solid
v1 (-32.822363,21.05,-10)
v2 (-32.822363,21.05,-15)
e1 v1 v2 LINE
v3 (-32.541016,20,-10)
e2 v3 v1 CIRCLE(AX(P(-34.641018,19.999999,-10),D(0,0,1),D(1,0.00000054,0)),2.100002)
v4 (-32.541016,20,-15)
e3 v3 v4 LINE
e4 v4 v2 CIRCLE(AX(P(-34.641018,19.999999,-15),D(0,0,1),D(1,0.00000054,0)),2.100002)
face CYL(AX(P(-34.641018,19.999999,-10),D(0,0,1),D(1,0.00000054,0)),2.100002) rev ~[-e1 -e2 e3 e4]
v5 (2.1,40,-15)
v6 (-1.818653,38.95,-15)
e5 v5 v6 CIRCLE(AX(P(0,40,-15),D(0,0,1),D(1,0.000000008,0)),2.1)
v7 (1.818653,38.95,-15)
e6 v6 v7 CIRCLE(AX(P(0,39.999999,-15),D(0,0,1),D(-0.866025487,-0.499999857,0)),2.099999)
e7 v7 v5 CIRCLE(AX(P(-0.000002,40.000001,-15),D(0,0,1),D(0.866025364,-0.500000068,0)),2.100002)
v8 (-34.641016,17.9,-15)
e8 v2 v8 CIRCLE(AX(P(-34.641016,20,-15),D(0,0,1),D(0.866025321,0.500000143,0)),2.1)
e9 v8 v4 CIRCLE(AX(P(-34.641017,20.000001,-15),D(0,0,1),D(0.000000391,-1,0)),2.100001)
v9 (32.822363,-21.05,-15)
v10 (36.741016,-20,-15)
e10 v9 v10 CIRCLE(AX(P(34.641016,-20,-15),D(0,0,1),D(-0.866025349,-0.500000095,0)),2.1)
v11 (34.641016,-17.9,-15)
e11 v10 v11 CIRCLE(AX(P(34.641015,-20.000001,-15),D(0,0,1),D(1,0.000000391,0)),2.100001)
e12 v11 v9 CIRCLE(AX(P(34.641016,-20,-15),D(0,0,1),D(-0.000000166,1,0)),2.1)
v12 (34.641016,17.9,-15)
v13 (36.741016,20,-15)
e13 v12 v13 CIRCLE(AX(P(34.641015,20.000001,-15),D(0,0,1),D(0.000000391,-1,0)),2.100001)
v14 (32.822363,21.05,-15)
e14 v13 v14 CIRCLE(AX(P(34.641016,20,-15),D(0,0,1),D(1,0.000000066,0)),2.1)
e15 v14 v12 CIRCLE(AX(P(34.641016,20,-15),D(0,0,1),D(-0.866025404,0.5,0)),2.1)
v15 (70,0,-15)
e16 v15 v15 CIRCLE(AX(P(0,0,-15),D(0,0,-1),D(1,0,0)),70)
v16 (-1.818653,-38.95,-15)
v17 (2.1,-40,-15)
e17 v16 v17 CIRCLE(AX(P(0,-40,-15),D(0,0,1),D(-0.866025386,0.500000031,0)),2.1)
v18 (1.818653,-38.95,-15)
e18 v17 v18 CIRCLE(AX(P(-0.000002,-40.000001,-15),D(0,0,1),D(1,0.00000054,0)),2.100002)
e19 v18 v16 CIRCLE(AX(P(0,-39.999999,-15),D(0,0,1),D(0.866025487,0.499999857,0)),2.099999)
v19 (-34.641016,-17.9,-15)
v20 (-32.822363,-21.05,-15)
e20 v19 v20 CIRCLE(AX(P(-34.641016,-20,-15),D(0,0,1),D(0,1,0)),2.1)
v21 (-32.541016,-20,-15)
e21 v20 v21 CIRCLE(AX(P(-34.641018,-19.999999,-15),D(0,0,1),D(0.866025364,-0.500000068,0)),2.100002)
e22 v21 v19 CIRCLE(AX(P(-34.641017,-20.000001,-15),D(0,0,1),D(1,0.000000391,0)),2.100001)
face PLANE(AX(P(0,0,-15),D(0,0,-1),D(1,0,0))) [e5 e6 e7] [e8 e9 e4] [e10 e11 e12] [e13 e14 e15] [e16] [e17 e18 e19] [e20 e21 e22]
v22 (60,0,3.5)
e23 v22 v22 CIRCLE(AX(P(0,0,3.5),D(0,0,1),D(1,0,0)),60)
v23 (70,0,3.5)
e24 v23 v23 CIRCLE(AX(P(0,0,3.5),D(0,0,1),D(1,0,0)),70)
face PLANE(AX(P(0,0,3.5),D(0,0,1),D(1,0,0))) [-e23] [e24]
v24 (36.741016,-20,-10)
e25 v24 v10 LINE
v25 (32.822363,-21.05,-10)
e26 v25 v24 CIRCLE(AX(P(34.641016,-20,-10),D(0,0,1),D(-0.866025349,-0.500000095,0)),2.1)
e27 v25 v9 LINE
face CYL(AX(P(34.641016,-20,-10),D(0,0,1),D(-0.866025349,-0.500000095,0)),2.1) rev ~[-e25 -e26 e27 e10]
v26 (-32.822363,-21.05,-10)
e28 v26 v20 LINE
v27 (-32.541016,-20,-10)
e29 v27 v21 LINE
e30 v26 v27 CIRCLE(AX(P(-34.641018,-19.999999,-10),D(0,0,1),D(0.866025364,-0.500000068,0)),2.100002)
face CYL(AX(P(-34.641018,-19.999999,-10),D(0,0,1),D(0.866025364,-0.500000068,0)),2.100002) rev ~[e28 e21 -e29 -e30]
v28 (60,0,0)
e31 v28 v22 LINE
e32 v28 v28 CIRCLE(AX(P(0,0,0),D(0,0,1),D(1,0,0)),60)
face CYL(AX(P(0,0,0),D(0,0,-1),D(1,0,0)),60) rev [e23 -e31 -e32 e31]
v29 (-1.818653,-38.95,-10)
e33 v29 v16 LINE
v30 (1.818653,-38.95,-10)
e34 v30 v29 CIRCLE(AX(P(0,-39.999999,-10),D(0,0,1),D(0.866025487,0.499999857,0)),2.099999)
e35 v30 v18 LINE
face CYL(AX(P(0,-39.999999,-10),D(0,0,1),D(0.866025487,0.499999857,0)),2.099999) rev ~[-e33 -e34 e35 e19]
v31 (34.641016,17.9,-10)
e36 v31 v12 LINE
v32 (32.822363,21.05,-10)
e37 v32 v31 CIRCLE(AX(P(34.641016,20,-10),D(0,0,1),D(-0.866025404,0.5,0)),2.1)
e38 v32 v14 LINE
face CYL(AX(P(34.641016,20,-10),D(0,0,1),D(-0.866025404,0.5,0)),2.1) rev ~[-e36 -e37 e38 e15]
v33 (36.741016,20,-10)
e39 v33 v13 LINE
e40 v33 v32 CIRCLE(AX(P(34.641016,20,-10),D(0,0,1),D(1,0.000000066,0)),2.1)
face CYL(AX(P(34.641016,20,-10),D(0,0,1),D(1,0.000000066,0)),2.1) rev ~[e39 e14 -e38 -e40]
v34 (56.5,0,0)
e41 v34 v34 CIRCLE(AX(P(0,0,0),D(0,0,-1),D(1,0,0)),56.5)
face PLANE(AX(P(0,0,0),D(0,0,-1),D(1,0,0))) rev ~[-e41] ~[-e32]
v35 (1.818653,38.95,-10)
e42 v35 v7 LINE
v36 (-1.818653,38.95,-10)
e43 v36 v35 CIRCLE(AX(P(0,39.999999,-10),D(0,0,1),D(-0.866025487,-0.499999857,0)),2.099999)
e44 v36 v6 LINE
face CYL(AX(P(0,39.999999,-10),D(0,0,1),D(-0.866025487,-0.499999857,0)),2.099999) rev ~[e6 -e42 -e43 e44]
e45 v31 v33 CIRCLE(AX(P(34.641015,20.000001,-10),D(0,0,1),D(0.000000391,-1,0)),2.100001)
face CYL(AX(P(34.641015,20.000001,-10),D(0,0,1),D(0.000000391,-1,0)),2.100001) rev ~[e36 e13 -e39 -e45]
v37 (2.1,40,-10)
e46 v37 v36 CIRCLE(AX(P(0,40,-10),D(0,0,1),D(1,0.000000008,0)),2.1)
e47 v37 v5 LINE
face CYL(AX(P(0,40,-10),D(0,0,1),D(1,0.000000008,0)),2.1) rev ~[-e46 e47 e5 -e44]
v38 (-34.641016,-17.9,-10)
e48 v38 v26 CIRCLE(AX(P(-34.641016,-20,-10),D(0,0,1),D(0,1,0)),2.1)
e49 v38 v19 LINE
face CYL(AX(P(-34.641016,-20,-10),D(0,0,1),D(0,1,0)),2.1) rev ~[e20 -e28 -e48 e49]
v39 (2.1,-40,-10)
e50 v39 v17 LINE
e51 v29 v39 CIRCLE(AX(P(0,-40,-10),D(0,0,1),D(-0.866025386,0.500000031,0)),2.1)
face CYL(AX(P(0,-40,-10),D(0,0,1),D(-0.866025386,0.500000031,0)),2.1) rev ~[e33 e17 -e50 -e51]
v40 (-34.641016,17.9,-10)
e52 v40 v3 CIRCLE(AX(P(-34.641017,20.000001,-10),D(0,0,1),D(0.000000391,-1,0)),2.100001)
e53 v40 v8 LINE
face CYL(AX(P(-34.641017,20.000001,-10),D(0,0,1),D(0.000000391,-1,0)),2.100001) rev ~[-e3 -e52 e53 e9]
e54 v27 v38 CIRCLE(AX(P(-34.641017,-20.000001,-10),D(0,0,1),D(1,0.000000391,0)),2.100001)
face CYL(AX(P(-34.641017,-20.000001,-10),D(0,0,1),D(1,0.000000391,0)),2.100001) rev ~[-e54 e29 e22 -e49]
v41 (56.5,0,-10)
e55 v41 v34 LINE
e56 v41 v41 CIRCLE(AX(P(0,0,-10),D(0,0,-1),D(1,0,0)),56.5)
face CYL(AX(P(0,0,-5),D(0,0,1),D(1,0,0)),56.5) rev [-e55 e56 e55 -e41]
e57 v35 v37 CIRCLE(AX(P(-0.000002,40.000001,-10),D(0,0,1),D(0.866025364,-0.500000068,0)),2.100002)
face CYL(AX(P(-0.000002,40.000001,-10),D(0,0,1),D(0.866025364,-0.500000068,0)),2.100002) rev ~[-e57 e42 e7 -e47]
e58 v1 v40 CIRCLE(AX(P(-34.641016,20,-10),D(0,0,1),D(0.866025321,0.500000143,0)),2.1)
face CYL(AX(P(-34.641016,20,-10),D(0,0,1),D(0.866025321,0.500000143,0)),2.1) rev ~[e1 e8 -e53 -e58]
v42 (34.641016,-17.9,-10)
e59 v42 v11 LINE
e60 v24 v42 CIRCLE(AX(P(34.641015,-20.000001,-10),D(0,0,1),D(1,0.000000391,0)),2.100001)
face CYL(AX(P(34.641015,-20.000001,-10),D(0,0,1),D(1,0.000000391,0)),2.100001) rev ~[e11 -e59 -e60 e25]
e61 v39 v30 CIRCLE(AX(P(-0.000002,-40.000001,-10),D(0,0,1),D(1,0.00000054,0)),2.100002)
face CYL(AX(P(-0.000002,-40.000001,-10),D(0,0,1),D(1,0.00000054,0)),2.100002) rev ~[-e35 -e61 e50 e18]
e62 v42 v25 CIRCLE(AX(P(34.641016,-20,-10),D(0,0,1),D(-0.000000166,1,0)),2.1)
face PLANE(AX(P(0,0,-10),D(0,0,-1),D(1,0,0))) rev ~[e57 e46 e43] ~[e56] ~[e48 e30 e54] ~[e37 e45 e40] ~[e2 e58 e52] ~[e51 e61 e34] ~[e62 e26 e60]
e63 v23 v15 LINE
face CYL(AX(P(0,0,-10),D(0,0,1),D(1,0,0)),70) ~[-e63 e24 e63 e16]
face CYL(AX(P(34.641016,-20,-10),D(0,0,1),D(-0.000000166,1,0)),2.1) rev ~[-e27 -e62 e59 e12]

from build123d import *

# Parameters (mm, degrees)
F0_R     = 70
F0_R_2   = 60
F1_DEPTH = 3.5
F2_R     = 70
F2_R_2   = 56.5
F3_DEPTH = 5
F4_R     = 70
F4_R_2   = 56.5
F5_DEPTH = 5
F6_R     = 70
F7_DEPTH = 5


with BuildPart() as f1:
    # F0 (on Top) → F1 (new body)
    with BuildSketch(Plane.XY):
        Circle(F0_R)
        Circle(F0_R_2, mode=Mode.SUBTRACT)
    extrude(amount=F1_DEPTH)



with BuildPart() as f3:
    # F2 (on face) → F3 (new body)
    with BuildSketch(Plane(origin=(0, 0, -5), x_dir=(1, 0, 0), z_dir=(0, 0, -1))):
        Circle(F2_R)
        Circle(F2_R_2, mode=Mode.SUBTRACT)
    extrude(amount=F3_DEPTH)


with BuildPart() as f1_1:
    add(f1.part)

    add(f3.part)  # F5 merges F3
    # F4 (on face) → F5 (join)
    with BuildSketch(Plane(origin=(0, 0, 0), x_dir=(1, 0, 0), z_dir=(0, 0, -1))):
        Circle(F4_R)
        Circle(F4_R_2, mode=Mode.SUBTRACT)
    extrude(amount=F5_DEPTH)

    # F6 (on face) → F7 (join)
    with BuildSketch(Plane(origin=(0, 0, -10), x_dir=(1, 0, 0), z_dir=(0, 0, -1))):
        Circle(F6_R)
        with BuildLine():
            ThreePointArc((-32.822363, -21.05), (-36.459669, -21.05), (-34.641016, -17.9))
            ThreePointArc((-34.641016, -17.9), (-33.156092, -18.515076), (-32.541016, -20))
            ThreePointArc((-32.541016, -20), (-32.612572, -20.54352), (-32.822363, -21.05))
        make_face(mode=Mode.SUBTRACT)
        with BuildLine():
            ThreePointArc((2.1, -40), (-0.54352, -42.028444), (-1.818653, -38.95))
            ThreePointArc((-1.818653, -38.95), (0, -37.9), (1.818653, -38.95))
            ThreePointArc((1.818653, -38.95), (2.028444, -39.45648), (2.1, -40))
        make_face(mode=Mode.SUBTRACT)
        with BuildLine():
            ThreePointArc((36.741016, -20), (35.184536, -22.028444), (32.822363, -21.05))
            ThreePointArc((32.822363, -21.05), (32.822363, -18.95), (34.641016, -17.9))
            ThreePointArc((34.641016, -17.9), (36.12594, -18.515076), (36.741016, -20))
        make_face(mode=Mode.SUBTRACT)
        with BuildLine():
            ThreePointArc((-34.641016, 17.9), (-36.459669, 21.05), (-32.822363, 21.05))
            ThreePointArc((-32.822363, 21.05), (-32.612572, 20.54352), (-32.541016, 20))
            ThreePointArc((-32.541016, 20), (-33.156092, 18.515076), (-34.641016, 17.9))
        make_face(mode=Mode.SUBTRACT)
        with BuildLine():
            ThreePointArc((36.741016, 20), (36.12594, 18.515076), (34.641016, 17.9))
            ThreePointArc((34.641016, 17.9), (32.822363, 18.95), (32.822363, 21.05))
            ThreePointArc((32.822363, 21.05), (35.184536, 22.028444), (36.741016, 20))
        make_face(mode=Mode.SUBTRACT)
        with BuildLine():
            ThreePointArc((2.1, 40), (2.028444, 39.45648), (1.818653, 38.95))
            ThreePointArc((1.818653, 38.95), (0, 37.9), (-1.818653, 38.95))
            ThreePointArc((-1.818653, 38.95), (-0.54352, 42.028444), (2.1, 40))
        make_face(mode=Mode.SUBTRACT)
    extrude(amount=F7_DEPTH)


solid = f1_1.part
